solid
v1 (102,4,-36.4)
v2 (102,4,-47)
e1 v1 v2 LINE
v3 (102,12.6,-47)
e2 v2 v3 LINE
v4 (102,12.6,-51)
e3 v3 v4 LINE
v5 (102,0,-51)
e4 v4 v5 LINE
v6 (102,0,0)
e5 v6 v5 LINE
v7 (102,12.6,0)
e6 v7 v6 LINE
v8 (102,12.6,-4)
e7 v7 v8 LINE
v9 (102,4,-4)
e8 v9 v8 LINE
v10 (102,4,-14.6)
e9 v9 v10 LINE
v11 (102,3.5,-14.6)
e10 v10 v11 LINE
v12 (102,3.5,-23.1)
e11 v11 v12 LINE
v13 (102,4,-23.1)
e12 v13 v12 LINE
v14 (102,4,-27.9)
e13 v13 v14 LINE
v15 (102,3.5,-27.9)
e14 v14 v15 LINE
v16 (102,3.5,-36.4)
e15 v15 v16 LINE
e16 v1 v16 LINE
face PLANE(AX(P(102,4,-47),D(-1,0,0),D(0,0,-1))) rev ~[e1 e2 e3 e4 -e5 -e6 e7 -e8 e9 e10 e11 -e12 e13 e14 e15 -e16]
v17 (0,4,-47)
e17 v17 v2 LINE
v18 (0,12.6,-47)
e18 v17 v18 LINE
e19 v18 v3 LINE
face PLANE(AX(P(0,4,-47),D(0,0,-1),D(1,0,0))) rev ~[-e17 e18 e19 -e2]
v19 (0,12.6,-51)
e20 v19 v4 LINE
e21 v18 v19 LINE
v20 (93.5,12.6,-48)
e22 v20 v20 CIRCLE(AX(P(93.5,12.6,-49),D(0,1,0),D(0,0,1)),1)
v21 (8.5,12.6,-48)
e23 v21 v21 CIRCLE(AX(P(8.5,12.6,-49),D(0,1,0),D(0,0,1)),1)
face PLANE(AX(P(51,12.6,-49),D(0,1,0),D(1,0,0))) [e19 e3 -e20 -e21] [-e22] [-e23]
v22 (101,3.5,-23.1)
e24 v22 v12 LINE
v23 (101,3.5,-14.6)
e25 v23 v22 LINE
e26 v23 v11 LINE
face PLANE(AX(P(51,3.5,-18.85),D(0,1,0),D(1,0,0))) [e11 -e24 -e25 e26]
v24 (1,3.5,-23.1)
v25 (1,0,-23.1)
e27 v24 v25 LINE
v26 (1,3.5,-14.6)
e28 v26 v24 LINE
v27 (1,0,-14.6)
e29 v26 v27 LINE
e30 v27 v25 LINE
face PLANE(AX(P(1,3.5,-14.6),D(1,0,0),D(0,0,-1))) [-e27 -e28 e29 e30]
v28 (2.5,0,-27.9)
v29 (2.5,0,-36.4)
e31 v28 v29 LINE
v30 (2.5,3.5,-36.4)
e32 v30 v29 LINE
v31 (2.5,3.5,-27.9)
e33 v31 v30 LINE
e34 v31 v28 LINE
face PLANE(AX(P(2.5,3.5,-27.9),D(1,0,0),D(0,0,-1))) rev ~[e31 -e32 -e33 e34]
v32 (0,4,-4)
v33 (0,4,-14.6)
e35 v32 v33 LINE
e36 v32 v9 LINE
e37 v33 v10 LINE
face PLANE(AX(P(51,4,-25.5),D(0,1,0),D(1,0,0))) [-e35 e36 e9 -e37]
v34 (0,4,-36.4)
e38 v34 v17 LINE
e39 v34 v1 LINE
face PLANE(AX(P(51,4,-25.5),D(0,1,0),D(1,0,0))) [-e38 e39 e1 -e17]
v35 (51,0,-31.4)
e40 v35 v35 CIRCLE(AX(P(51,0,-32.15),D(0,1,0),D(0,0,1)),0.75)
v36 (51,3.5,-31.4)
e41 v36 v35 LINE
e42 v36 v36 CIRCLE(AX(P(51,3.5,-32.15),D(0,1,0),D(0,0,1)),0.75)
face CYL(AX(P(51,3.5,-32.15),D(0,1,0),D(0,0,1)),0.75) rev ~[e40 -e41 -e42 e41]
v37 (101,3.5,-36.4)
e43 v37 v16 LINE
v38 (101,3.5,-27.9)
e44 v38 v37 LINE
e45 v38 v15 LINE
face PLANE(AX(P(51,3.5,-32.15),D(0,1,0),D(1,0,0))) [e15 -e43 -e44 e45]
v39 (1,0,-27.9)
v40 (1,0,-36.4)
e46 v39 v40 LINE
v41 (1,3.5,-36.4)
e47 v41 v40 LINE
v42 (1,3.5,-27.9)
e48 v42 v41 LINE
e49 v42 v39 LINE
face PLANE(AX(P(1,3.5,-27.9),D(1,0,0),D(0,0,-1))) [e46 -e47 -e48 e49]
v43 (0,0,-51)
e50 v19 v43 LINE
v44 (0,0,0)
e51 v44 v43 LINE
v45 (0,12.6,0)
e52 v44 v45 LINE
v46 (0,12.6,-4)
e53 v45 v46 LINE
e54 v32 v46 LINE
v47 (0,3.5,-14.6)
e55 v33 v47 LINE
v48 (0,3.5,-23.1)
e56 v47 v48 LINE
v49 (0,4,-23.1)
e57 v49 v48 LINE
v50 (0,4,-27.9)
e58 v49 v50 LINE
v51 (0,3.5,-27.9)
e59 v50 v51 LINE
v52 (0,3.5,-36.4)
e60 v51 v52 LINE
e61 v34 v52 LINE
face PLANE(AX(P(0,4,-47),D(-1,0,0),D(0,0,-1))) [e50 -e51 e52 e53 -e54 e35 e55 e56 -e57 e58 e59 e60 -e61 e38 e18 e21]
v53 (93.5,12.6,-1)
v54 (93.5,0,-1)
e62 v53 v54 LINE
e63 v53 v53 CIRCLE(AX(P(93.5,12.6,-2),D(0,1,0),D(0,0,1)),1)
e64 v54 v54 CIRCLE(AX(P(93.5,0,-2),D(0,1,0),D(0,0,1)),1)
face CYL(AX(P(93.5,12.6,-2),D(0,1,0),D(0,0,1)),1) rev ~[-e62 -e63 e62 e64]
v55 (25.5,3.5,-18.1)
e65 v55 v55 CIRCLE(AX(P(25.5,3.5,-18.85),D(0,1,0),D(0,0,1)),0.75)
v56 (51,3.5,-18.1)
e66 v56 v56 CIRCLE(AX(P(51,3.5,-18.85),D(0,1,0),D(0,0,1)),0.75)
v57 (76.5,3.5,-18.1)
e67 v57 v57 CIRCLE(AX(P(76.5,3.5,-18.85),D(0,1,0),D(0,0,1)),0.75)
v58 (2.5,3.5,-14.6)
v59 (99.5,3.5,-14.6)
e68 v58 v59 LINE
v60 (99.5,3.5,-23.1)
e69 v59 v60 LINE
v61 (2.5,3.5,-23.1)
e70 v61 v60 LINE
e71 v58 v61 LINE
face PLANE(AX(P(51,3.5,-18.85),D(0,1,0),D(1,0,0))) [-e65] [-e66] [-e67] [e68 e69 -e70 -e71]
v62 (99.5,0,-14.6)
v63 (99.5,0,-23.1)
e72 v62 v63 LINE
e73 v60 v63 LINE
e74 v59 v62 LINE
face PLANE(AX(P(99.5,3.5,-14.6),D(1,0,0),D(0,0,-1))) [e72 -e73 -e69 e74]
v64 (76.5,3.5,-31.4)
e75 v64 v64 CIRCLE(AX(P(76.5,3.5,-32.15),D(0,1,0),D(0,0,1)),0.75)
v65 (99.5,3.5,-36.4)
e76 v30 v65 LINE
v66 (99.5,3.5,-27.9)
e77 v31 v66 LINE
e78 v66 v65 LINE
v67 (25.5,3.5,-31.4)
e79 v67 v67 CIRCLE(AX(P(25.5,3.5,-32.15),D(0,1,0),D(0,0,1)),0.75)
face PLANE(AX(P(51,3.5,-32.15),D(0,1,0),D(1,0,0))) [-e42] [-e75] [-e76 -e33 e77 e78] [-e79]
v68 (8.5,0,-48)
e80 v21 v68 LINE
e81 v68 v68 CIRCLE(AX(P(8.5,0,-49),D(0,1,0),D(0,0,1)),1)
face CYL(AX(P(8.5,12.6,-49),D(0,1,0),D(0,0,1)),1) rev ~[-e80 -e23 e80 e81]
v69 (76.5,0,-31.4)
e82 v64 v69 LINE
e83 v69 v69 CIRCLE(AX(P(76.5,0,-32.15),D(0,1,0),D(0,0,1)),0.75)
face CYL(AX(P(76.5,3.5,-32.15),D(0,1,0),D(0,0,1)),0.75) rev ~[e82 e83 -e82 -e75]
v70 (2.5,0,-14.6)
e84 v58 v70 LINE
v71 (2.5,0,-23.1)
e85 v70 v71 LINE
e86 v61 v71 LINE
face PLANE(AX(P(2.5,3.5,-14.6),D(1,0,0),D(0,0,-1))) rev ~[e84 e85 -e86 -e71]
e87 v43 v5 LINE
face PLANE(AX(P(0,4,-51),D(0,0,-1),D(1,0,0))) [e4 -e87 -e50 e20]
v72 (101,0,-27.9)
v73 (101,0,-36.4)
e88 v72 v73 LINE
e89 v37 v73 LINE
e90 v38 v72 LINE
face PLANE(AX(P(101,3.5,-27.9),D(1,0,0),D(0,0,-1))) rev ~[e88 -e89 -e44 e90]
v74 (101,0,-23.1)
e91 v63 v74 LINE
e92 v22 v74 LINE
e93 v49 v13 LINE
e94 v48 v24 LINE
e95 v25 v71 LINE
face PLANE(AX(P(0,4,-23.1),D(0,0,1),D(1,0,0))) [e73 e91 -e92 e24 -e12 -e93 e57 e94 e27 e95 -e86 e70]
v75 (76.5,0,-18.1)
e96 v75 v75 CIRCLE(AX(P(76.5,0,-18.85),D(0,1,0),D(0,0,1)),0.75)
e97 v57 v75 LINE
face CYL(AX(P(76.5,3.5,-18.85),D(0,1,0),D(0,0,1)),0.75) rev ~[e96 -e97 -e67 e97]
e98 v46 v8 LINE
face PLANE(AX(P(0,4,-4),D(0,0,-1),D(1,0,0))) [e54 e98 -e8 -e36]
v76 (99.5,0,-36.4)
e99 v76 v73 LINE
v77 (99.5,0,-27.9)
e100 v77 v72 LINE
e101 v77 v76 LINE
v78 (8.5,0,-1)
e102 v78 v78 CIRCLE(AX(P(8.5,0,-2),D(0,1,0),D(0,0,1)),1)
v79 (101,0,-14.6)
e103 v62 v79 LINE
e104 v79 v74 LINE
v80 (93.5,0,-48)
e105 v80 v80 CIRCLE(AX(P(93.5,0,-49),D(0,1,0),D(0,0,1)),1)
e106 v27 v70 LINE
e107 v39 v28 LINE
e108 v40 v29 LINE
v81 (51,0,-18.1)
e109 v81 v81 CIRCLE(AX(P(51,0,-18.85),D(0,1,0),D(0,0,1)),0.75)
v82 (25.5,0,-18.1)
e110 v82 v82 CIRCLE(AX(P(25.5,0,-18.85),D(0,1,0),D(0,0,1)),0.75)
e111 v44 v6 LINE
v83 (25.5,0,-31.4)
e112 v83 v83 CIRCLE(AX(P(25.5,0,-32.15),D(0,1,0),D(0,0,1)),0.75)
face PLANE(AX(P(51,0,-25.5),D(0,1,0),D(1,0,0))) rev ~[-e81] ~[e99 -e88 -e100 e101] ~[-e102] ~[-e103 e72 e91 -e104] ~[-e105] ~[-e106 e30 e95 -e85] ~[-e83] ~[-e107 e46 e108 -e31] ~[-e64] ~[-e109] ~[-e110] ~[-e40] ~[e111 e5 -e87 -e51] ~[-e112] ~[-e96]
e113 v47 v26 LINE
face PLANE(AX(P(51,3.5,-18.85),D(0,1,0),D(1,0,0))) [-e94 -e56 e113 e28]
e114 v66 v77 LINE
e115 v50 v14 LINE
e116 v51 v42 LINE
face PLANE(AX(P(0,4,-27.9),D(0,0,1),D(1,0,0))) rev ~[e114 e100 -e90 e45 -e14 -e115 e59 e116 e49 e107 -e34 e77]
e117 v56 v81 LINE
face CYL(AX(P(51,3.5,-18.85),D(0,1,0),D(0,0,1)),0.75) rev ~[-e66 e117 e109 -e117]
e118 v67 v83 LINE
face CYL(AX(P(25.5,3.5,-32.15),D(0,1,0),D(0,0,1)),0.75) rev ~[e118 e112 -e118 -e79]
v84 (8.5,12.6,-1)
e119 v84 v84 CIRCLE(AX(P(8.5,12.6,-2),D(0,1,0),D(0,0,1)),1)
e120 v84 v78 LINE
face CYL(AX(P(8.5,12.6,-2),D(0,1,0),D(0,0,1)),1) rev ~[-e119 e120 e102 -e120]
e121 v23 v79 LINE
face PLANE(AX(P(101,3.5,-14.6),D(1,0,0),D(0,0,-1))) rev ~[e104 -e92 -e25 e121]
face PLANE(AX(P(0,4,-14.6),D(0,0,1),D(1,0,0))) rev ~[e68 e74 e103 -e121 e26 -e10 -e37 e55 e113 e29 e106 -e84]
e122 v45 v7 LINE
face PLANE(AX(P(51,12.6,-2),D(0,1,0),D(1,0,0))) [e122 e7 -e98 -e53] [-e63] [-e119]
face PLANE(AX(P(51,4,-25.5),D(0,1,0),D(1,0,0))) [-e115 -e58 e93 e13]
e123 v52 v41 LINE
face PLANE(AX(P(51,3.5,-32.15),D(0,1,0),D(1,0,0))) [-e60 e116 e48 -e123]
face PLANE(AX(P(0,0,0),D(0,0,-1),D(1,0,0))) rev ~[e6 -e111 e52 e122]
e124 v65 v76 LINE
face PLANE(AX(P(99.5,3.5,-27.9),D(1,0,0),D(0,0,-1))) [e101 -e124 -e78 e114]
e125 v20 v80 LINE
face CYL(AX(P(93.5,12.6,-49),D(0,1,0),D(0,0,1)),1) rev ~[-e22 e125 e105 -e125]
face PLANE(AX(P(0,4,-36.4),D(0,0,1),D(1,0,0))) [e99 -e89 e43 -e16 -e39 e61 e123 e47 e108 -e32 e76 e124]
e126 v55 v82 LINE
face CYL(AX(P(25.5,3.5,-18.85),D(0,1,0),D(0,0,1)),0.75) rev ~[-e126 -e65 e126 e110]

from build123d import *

# Parameters (mm, degrees)
SKETCH1_W           = 102
SKETCH1_H           = 51
BOSS_EXTRUDE2_DEPTH = 4
SKETCH2_W           = 102
SKETCH2_H           = 4
BOSS_EXTRUDE3_DEPTH = 8.6
SKETCH3_W           = 102
SKETCH3_H           = 8.5
CUT_EXTRUDE2_DEPTH  = 0.5
SKETCH4_R           = 0.75
SKETCH4_W           = 1.5
SKETCH4_H           = 8.5
CUT_EXTRUDE4_DEPTH  = 10
SKETCH6_R           = 1
CUT_EXTRUDE5_DEPTH  = 15


with BuildPart() as part:
    # Sketch1 → Boss-Extrude2 (new body)
    with BuildSketch(Plane(origin=(0, 0, 0), x_dir=(1, 0, 0), z_dir=(0, 1, 0))):
        with Locations((51, 25.5)):
            Rectangle(SKETCH1_W, SKETCH1_H)
    extrude(amount=BOSS_EXTRUDE2_DEPTH)

    # Sketch2 → Boss-Extrude3 (add)
    with BuildSketch(Plane(origin=(0, 4, 0), x_dir=(1, 0, 0), z_dir=(0, 1, 0))):
        with Locations((51, 49)):
            Rectangle(SKETCH2_W, SKETCH2_H)
        with Locations((51, 2)):
            Rectangle(SKETCH2_W, SKETCH2_H)
    extrude(amount=BOSS_EXTRUDE3_DEPTH)

    # Sketch3 → Cut-Extrude2 (cut)
    with BuildSketch(Plane(origin=(0, 4, 0), x_dir=(1, 0, 0), z_dir=(0, 1, 0))):
        with Locations((51, 18.85)):
            Rectangle(SKETCH3_W, SKETCH3_H)
        with Locations((51, 32.15)):
            Rectangle(SKETCH3_W, SKETCH3_H)
    extrude(amount=-CUT_EXTRUDE2_DEPTH, mode=Mode.SUBTRACT)

    # Sketch4 → Cut-Extrude4 (cut)
    with BuildSketch(Plane(origin=(0, 3.5, 0), x_dir=(1, 0, 0), z_dir=(0, 1, 0))):
        with Locations(Location((51, 18.85, 0), (0, 0, 270))):
            Circle(SKETCH4_R)
        with Locations(Location((76.5, 18.85, 0), (0, 0, 270))):
            Circle(SKETCH4_R)
        with Locations(Location((25.5, 18.85, 0), (0, 0, 270))):
            Circle(SKETCH4_R)
        with Locations(Location((76.5, 32.15, 0), (0, 0, 270))):
            Circle(SKETCH4_R)
        with Locations(Location((51, 32.15, 0), (0, 0, 270))):
            Circle(SKETCH4_R)
        with Locations(Location((25.5, 32.15, 0), (0, 0, 270))):
            Circle(SKETCH4_R)
        with Locations((100.25, 18.85)):
            Rectangle(SKETCH4_W, SKETCH4_H)
        with Locations((100.25, 32.15)):
            Rectangle(SKETCH4_W, SKETCH4_H)
        with Locations((1.75, 18.85)):
            Rectangle(SKETCH4_W, SKETCH4_H)
        with Locations((1.75, 32.15)):
            Rectangle(SKETCH4_W, SKETCH4_H)
    extrude(amount=-CUT_EXTRUDE4_DEPTH, mode=Mode.SUBTRACT)

    # Sketch6 → Cut-Extrude5 (cut)
    with BuildSketch(Plane(origin=(0, 12.6, 0), x_dir=(1, 0, 0), z_dir=(0, 1, 0))):
        with Locations(Location((93.5, 2, 0), (0, 0, 270))):
            Circle(SKETCH6_R)
        with Locations(Location((8.5, 2, 0), (0, 0, 270))):
            Circle(SKETCH6_R)
        with Locations(Location((93.5, 49, 0), (0, 0, 270))):
            Circle(SKETCH6_R)
        with Locations(Location((8.5, 49, 0), (0, 0, 270))):
            Circle(SKETCH6_R)
    extrude(amount=-CUT_EXTRUDE5_DEPTH, mode=Mode.SUBTRACT)


solid = part.part
